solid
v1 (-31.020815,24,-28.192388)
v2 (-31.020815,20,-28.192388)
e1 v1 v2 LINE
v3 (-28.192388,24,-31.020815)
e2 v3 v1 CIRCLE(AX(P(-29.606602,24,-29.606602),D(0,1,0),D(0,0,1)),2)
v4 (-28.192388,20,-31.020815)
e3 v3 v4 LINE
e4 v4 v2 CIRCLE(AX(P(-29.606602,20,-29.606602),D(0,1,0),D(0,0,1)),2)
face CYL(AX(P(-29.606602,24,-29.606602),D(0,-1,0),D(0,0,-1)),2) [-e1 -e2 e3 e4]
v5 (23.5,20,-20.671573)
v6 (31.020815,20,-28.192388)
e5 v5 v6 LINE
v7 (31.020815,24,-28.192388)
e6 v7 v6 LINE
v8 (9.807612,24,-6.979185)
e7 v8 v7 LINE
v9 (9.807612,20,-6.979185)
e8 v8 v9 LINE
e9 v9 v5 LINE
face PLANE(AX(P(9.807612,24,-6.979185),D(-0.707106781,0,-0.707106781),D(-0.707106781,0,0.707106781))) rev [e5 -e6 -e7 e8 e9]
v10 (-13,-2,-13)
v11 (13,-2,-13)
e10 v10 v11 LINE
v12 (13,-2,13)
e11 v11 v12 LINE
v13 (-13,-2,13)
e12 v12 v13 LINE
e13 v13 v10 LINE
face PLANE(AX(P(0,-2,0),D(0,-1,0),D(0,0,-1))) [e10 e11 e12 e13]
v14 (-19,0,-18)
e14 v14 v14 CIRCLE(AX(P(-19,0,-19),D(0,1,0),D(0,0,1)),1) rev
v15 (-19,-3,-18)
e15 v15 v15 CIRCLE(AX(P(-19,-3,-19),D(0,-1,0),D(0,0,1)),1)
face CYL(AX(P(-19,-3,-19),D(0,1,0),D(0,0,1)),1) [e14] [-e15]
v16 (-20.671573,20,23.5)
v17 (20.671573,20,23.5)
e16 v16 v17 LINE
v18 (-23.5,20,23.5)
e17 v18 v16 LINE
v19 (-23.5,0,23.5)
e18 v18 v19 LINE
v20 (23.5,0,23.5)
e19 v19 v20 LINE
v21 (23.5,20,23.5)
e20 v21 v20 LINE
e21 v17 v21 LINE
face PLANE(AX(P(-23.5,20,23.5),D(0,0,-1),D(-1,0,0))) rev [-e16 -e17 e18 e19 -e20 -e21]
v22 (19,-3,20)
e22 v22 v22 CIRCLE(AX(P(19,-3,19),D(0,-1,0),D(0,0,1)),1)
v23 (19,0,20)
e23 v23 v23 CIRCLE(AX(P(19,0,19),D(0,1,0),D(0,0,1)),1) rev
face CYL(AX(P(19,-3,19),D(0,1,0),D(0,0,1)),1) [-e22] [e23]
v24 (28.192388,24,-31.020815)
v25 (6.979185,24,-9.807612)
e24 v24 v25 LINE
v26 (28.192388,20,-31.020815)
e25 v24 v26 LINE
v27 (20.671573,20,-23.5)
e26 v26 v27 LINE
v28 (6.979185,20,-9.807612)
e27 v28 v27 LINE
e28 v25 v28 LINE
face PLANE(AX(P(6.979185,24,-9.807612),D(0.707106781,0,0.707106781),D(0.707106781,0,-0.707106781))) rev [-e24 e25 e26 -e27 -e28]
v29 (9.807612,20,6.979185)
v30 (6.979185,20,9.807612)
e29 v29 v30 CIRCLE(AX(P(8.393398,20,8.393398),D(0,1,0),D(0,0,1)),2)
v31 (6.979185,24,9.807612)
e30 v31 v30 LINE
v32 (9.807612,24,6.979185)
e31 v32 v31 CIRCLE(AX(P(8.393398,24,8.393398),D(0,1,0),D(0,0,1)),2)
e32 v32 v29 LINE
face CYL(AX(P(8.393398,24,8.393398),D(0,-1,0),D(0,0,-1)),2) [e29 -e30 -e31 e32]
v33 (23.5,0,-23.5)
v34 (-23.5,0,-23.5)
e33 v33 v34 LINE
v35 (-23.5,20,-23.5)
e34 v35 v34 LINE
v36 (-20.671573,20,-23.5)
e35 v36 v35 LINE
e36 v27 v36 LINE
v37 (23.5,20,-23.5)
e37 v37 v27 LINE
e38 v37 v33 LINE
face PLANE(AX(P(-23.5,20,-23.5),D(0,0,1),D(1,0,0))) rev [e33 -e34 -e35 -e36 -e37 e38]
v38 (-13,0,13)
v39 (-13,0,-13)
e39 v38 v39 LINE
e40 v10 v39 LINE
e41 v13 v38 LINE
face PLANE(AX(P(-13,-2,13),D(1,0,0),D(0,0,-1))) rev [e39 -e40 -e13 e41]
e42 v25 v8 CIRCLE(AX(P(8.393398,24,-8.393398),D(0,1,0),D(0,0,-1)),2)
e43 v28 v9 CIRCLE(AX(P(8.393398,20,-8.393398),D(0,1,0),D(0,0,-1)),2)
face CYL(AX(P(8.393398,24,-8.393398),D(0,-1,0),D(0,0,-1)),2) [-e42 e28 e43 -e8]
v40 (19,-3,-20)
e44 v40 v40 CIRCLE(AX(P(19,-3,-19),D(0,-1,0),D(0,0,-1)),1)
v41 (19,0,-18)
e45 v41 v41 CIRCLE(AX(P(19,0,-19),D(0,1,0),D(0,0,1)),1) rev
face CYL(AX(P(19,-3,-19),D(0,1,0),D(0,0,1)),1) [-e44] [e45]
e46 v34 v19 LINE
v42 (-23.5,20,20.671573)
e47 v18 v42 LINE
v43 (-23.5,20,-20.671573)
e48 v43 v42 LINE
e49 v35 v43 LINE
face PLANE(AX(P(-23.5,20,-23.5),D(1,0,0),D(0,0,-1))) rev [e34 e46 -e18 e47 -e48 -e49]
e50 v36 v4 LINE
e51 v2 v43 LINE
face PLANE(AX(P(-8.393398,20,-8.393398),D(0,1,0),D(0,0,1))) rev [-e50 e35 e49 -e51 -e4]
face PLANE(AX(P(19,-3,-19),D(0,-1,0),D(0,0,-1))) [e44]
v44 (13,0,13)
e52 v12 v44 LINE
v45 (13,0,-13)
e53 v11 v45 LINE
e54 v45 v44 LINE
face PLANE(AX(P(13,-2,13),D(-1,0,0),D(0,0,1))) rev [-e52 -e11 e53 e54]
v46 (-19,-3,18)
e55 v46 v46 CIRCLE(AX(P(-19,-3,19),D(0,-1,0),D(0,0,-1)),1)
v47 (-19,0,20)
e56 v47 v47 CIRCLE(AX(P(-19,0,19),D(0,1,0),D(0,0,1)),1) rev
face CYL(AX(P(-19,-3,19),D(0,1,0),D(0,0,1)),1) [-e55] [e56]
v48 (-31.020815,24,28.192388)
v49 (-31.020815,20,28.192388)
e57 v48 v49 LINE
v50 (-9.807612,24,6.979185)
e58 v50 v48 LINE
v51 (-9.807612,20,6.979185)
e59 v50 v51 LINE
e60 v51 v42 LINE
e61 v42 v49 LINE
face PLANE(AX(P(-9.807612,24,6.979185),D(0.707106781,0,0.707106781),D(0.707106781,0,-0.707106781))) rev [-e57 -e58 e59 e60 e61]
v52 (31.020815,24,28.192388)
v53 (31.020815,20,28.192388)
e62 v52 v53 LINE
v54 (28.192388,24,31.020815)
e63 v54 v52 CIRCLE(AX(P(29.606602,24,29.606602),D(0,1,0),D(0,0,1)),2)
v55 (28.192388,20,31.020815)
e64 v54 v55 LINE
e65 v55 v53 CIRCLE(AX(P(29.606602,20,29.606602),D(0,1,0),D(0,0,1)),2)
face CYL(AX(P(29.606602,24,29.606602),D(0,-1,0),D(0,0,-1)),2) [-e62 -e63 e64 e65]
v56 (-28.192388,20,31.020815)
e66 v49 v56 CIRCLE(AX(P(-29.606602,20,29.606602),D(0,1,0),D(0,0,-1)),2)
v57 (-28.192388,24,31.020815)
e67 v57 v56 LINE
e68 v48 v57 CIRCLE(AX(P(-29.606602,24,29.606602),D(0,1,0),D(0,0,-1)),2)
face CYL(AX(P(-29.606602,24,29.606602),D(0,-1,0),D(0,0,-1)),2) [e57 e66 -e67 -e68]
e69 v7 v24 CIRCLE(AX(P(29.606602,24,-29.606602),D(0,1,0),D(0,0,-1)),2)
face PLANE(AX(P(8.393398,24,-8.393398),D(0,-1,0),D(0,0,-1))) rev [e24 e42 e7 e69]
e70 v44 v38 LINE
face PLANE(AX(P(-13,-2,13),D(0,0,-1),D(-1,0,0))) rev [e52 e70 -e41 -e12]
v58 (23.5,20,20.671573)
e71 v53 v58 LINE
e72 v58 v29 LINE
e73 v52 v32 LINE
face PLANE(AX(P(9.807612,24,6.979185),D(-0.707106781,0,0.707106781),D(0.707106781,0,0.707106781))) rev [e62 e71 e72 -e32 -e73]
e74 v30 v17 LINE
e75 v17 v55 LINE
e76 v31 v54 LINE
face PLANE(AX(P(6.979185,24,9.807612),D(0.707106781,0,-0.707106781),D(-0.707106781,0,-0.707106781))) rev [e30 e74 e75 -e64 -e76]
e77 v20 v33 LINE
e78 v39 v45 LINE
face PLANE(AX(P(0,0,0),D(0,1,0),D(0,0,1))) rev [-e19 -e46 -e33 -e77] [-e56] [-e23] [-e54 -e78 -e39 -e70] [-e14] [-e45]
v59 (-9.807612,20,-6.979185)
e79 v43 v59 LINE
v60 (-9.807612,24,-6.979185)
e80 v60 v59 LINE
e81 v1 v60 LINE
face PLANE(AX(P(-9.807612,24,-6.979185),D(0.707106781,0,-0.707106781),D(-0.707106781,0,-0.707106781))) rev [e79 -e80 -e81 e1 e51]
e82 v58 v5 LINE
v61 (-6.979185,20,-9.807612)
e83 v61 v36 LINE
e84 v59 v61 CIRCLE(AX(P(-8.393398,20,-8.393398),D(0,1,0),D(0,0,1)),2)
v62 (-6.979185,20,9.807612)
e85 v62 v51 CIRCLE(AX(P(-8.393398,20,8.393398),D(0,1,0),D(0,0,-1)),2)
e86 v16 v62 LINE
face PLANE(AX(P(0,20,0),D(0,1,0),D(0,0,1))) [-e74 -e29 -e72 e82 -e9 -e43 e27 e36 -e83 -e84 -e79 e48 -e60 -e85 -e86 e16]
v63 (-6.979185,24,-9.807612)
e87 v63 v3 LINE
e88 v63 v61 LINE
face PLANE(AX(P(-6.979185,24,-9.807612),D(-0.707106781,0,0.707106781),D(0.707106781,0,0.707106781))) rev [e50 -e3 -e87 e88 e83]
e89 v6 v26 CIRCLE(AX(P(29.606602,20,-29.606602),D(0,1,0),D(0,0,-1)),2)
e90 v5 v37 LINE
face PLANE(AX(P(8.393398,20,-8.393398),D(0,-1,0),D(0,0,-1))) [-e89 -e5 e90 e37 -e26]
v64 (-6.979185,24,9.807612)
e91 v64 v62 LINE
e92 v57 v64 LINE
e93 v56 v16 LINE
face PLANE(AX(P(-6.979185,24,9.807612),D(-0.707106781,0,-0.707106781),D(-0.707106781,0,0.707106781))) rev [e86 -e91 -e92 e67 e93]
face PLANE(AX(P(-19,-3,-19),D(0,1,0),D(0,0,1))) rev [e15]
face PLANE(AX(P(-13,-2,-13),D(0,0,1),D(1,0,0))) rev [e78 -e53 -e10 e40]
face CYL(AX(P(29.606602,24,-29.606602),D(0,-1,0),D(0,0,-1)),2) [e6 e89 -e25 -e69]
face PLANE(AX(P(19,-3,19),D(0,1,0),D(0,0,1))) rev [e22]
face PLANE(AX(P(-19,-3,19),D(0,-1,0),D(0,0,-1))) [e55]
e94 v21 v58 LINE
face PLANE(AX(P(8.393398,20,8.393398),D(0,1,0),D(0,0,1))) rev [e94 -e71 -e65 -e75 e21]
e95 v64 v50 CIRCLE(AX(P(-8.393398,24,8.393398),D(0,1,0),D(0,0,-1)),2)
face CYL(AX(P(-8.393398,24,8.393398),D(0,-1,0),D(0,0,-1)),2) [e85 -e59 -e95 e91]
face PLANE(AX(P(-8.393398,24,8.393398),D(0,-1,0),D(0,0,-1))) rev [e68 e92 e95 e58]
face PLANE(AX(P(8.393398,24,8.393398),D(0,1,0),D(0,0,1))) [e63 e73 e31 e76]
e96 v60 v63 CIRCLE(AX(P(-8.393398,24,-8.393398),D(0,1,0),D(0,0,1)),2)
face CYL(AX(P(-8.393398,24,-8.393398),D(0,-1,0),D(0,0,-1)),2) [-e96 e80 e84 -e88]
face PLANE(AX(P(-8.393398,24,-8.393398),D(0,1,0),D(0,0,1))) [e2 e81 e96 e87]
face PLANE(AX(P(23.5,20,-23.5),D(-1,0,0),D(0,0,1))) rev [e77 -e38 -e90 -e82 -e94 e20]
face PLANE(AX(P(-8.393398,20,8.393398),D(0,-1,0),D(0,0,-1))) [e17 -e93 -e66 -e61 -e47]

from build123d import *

# Parameters (mm, degrees)
ESQUISSE1_W        = 47
ESQUISSE1_H        = 47
BOSS_EXTRU_1_DEPTH = 20
ESQUISSE2_R        = 1
BOSS_EXTRU_2_DEPTH = 3
BOSS_EXTRU_3_DEPTH = 4
ESQUISSE4_W        = 26
ESQUISSE4_H        = 26
BOSS_EXTRU_4_DEPTH = 2


with BuildPart() as part:
    # Esquisse1 → Boss.-Extru.1 (new body)
    with BuildSketch(Plane(origin=(0, 0, 0), x_dir=(1, 0, 0), z_dir=(0, 1, 0))):
        Rectangle(ESQUISSE1_W, ESQUISSE1_H)
    extrude(amount=BOSS_EXTRU_1_DEPTH)

    # Esquisse2 → Boss.-Extru.2 (add)
    with BuildSketch(Plane.XZ):
        with Locations((19, -19)):
            Circle(ESQUISSE2_R)
        with Locations((-19, -19)):
            Circle(ESQUISSE2_R)
        with Locations((-19, 19)):
            Circle(ESQUISSE2_R)
        with Locations((19, 19)):
            Circle(ESQUISSE2_R)
    extrude(amount=BOSS_EXTRU_2_DEPTH)

    # Esquisse3 → Boss.-Extru.3 (add)
    with BuildSketch(Plane(origin=(0, 20, 0), x_dir=(1, 0, 0), z_dir=(0, 1, 0))):
        with BuildLine():
            Line((9.807611845, -6.97918472), (31.02081528, -28.192388155))
            ThreePointArc((31.02081528, -28.192388155), (31.02081528, -31.02081528), (28.192388155, -31.02081528))
            Line((28.192388155, -31.02081528), (6.97918472, -9.807611845))
            ThreePointArc((6.97918472, -9.807611845), (6.97918472, -6.97918472), (9.807611845, -6.97918472))
        make_face()
        with BuildLine():
            Line((9.807611845, 6.97918472), (31.02081528, 28.192388155))
            ThreePointArc((31.02081528, 28.192388155), (31.02081528, 31.02081528), (28.192388155, 31.02081528))
            Line((28.192388155, 31.02081528), (6.97918472, 9.807611845))
            ThreePointArc((6.97918472, 9.807611845), (6.97918472, 6.97918472), (9.807611845, 6.97918472))
        make_face()
        with BuildLine():
            Line((-9.807611845, -6.97918472), (-31.02081528, -28.192388155))
            ThreePointArc((-31.02081528, -28.192388155), (-31.02081528, -31.02081528), (-28.192388155, -31.02081528))
            Line((-28.192388155, -31.02081528), (-6.97918472, -9.807611845))
            ThreePointArc((-6.97918472, -9.807611845), (-6.97918472, -6.97918472), (-9.807611845, -6.97918472))
        make_face()
        with BuildLine():
            Line((-9.807611845, 6.97918472), (-31.02081528, 28.192388155))
            ThreePointArc((-31.02081528, 28.192388155), (-31.02081528, 31.02081528), (-28.192388155, 31.02081528))
            Line((-28.192388155, 31.02081528), (-6.97918472, 9.807611845))
            ThreePointArc((-6.97918472, 9.807611845), (-6.97918472, 6.97918472), (-9.807611845, 6.97918472))
        make_face()
    extrude(amount=BOSS_EXTRU_3_DEPTH)

    # Esquisse4 → Boss.-Extru.4 (add)
    with BuildSketch(Plane.XZ):
        Rectangle(ESQUISSE4_W, ESQUISSE4_H)
    extrude(amount=BOSS_EXTRU_4_DEPTH)


solid = part.part
